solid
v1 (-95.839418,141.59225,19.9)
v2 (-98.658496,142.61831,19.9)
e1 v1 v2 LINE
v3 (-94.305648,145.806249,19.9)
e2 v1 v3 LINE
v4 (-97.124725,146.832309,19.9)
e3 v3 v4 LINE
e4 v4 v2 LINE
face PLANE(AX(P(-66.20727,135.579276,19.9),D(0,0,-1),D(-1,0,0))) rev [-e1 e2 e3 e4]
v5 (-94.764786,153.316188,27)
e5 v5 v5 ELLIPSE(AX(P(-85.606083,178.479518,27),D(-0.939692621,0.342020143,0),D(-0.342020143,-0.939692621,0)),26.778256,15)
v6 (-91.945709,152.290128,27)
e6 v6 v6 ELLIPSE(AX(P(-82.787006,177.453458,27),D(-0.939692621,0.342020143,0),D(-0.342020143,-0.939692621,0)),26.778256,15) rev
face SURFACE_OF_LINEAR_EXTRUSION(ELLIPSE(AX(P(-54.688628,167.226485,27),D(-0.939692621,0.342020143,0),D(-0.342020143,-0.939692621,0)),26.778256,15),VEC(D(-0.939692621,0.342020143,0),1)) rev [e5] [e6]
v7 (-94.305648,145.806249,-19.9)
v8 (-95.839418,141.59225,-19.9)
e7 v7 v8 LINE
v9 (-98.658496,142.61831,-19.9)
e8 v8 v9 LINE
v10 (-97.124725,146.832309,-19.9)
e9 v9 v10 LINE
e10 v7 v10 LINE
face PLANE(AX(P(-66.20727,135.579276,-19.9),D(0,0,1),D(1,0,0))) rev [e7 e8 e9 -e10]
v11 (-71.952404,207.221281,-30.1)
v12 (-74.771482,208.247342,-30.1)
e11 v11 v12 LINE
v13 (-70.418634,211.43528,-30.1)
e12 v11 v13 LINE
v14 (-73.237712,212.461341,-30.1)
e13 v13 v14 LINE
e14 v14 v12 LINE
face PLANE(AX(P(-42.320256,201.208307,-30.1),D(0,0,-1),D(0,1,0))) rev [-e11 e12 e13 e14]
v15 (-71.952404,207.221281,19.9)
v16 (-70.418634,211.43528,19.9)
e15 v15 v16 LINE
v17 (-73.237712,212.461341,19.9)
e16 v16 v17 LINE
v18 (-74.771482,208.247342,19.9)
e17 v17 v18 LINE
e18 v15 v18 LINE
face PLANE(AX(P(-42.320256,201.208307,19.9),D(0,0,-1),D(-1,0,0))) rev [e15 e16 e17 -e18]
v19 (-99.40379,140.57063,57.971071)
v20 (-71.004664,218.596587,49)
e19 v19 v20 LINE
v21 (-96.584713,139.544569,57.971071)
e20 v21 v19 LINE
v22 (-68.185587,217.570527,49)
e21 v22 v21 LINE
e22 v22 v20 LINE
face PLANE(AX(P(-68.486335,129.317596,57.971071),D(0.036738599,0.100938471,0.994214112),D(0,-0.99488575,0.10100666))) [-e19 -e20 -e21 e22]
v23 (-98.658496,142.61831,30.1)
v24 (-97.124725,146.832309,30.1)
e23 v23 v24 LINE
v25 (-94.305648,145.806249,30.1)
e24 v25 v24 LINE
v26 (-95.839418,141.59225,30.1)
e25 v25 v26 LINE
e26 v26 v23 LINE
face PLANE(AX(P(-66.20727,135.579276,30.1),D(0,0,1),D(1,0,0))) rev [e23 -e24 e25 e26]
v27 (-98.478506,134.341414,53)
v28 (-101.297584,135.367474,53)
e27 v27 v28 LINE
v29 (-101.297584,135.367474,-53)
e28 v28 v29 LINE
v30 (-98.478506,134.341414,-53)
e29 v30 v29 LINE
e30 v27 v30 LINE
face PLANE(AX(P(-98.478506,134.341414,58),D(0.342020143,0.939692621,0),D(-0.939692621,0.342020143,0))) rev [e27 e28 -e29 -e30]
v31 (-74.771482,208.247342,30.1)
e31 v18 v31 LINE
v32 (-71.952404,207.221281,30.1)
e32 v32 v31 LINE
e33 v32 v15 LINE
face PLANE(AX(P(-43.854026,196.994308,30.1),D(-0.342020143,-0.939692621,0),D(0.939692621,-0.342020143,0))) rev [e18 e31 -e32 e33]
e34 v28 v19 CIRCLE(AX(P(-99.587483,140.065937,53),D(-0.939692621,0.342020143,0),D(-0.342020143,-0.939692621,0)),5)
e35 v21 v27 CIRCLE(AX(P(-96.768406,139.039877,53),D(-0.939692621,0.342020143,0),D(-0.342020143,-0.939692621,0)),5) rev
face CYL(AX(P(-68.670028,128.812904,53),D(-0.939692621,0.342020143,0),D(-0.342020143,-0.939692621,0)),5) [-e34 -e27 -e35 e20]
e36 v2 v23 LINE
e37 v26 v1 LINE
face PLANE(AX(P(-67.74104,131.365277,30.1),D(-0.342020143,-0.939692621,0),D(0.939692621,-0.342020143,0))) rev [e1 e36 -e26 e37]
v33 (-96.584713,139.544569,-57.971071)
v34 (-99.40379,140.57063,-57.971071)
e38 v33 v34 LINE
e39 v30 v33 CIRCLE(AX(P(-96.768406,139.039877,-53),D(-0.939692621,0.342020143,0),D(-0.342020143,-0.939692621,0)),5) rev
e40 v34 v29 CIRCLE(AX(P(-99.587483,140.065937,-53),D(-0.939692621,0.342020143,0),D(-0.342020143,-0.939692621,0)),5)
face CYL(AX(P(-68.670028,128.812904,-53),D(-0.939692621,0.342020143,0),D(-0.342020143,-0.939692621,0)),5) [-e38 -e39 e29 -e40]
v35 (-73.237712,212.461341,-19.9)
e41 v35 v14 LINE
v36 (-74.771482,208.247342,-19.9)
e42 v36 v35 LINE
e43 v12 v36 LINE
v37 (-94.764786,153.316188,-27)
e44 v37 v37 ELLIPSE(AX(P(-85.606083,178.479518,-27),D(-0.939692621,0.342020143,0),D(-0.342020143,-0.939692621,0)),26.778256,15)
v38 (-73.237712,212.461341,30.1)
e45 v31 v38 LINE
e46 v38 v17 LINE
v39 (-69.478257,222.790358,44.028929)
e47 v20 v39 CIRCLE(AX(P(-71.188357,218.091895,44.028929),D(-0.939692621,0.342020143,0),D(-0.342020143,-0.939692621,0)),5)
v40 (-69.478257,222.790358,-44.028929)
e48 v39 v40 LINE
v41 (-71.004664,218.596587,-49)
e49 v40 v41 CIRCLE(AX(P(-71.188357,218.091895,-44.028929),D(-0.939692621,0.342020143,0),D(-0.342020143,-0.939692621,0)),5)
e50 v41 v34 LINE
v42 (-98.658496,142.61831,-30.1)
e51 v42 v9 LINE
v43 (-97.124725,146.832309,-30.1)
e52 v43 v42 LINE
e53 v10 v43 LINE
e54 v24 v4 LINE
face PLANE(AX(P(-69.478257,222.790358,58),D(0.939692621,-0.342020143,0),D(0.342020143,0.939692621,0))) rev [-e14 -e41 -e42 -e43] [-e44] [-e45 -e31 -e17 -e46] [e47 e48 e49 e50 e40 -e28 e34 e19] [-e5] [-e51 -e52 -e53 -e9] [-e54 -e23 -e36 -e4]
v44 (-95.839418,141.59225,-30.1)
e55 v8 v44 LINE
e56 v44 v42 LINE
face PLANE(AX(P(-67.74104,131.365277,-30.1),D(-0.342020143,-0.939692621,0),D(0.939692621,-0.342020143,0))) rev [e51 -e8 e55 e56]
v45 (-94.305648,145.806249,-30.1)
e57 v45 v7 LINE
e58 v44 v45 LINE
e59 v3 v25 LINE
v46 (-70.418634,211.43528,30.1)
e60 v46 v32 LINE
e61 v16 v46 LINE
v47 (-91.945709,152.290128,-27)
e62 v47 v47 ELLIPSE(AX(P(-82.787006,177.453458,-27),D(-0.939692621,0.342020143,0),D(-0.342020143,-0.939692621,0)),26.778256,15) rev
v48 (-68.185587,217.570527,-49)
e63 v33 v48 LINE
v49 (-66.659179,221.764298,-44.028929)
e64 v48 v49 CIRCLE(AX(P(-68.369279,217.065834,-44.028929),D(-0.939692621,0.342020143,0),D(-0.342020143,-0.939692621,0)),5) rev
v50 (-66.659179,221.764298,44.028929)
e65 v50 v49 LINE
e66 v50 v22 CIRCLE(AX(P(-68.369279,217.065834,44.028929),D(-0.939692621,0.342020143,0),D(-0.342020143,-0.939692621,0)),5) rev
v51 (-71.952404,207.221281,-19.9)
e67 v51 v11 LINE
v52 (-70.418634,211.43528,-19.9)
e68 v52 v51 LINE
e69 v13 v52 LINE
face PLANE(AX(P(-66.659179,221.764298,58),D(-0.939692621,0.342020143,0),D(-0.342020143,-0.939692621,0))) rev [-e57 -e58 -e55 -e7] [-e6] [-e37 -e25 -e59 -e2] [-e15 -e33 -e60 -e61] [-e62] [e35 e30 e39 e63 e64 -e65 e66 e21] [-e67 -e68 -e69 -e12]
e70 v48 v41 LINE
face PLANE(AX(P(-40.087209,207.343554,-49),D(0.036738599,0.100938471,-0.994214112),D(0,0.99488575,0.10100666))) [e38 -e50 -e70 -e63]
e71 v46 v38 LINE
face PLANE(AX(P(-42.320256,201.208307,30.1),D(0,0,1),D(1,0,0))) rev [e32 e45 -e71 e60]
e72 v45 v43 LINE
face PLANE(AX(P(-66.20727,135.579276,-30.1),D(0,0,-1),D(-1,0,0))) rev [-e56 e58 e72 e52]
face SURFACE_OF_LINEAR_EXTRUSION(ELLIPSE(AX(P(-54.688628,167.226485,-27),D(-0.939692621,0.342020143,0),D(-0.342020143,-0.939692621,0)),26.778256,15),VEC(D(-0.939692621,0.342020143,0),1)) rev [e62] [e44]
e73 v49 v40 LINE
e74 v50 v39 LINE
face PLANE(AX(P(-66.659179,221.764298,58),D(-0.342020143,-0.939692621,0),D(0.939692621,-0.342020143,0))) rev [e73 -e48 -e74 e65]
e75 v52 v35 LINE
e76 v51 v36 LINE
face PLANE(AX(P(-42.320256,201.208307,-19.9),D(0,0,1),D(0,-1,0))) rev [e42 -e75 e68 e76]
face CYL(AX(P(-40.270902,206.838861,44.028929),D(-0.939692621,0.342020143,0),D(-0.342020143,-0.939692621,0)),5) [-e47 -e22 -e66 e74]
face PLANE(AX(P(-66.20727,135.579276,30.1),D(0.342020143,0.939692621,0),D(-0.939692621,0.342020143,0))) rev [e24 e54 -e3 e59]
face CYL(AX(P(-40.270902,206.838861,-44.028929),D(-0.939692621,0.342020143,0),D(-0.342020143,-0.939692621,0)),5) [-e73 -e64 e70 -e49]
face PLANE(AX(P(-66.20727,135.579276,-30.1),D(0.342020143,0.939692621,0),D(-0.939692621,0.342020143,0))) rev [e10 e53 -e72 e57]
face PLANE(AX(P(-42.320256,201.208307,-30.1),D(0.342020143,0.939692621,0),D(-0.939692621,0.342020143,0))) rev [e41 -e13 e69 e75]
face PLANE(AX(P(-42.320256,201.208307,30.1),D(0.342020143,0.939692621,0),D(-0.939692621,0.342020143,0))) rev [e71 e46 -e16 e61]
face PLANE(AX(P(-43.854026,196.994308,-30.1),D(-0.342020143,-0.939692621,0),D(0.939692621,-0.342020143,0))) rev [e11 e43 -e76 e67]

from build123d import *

# Parameters (mm, degrees)
BOSS_EXTRUDE1_DEPTH        = 58
SKETCH2_OUTSIDE_W          = 147.986
SKETCH2_OUTSIDE_H          = 126.948
TAB_AND_SLOT_CONTOUR_DEPTH = 3
MOUNTING_TAB_SLOT_REACH    = 197.382
SKETCH4_W                  = 10.2
SKETCH4_H                  = 4.48444402
EYE_APERTURE_REACH         = 197.382
SKETCH3_RX                 = 26.778256145
SKETCH3_RY                 = 15


with BuildPart() as part:
    # Sketch1 → Boss-Extrude1 (new, symmetric)
    with BuildSketch(Plane.XY):
        Polygon((-66.659178779, 221.764297559), (-69.478256642, 222.790357989), (-101.297584098, 135.367474301), (-98.478506236, 134.341413871), align=None)
    extrude(amount=BOSS_EXTRUDE1_DEPTH, both=True)

    # Sketch2 outside → tab and slot contour (cut)
    with BuildSketch(Plane(origin=(-132.954285367, 48.391402392, 0), x_dir=(0, 0, 1), z_dir=(-0.9396926207859096, 0.34202014332566527, 0))):
        with Locations((0, 139.075)):
            Rectangle(SKETCH2_OUTSIDE_W, SKETCH2_OUTSIDE_H)
        with BuildLine():
            Line((57.97107056, 98.09508485), (49, 181.128574477))
            ThreePointArc((49, 181.128574477), (47.369183029, 184.312070804), (44.02892944, 185.59149209))
            Line((44.02892944, 185.59149209), (-44.02892944, 185.59149209))
            ThreePointArc((-44.02892944, 185.59149209), (-47.369183029, 184.312070804), (-49, 181.128574477))
            Line((-49, 181.128574477), (-57.97107056, 98.09508485))
            ThreePointArc((-57.97107056, 98.09508485), (-56.720578714, 94.217748875), (-53, 92.558002463))
            Line((-53, 92.558002463), (53, 92.558002463))
            ThreePointArc((53, 92.558002463), (56.720578714, 94.217748875), (57.97107056, 98.09508485))
        make_face(mode=Mode.SUBTRACT)
    extrude(amount=-TAB_AND_SLOT_CONTOUR_DEPTH, mode=Mode.SUBTRACT)

    # Sketch4 → mounting tab slot (cut, up to next)
    with BuildSketch(Plane(origin=(-132.954285367, 48.391402392, 0), x_dir=(0, 0, 1), z_dir=(-0.9396926207859096, 0.3420201433256655, 0)), mode=Mode.PRIVATE) as mounting_tab_slot_sk1:
        with Locations((-25, 172.357359377)):
            Rectangle(SKETCH4_W, SKETCH4_H)
    mounting_tab_slot_tool1 = extrude(mounting_tab_slot_sk1.sketch, amount=-MOUNTING_TAB_SLOT_REACH, mode=Mode.PRIVATE) & part.part
    # Sketch4 → mounting tab slot (cut, up to next)
    with BuildSketch(Plane(origin=(-132.954285367, 48.391402392, 0), x_dir=(0, 0, 1), z_dir=(-0.9396926207859096, 0.3420201433256655, 0)), mode=Mode.PRIVATE) as mounting_tab_slot_sk2:
        with Locations((-25, 102.516403068)):
            Rectangle(SKETCH4_W, SKETCH4_H)
    mounting_tab_slot_tool2 = extrude(mounting_tab_slot_sk2.sketch, amount=-MOUNTING_TAB_SLOT_REACH, mode=Mode.PRIVATE) & part.part
    # Sketch4 → mounting tab slot (cut, up to next)
    with BuildSketch(Plane(origin=(-132.954285367, 48.391402392, 0), x_dir=(0, 0, 1), z_dir=(-0.9396926207859096, 0.3420201433256655, 0)), mode=Mode.PRIVATE) as mounting_tab_slot_sk3:
        with Locations((25, 172.357359377)):
            Rectangle(SKETCH4_W, SKETCH4_H)
    mounting_tab_slot_tool3 = extrude(mounting_tab_slot_sk3.sketch, amount=-MOUNTING_TAB_SLOT_REACH, mode=Mode.PRIVATE) & part.part
    # Sketch4 → mounting tab slot (cut, up to next)
    with BuildSketch(Plane(origin=(-132.954285367, 48.391402392, 0), x_dir=(0, 0, 1), z_dir=(-0.9396926207859096, 0.3420201433256655, 0)), mode=Mode.PRIVATE) as mounting_tab_slot_sk4:
        with Locations((25, 102.516403068)):
            Rectangle(SKETCH4_W, SKETCH4_H)
    mounting_tab_slot_tool4 = extrude(mounting_tab_slot_sk4.sketch, amount=-MOUNTING_TAB_SLOT_REACH, mode=Mode.PRIVATE) & part.part
    add(mounting_tab_slot_tool1.solids().sort_by_distance((-74.004597, 210.354341, -25))[0], mode=Mode.SUBTRACT)
    add(mounting_tab_slot_tool2.solids().sort_by_distance((-97.89161, 144.72531, -25))[0], mode=Mode.SUBTRACT)
    add(mounting_tab_slot_tool3.solids().sort_by_distance((-74.004597, 210.354341, 25))[0], mode=Mode.SUBTRACT)
    add(mounting_tab_slot_tool4.solids().sort_by_distance((-97.89161, 144.72531, 25))[0], mode=Mode.SUBTRACT)

    # Sketch3 → eye aperture (cut, up to next)
    with BuildSketch(Plane(origin=(-132.954285367, 48.391402392, 0), x_dir=(0, 0, 1), z_dir=(-0.9396926207859096, 0.3420201433256652, 0)), mode=Mode.PRIVATE) as eye_aperture_sk1:
        with Locations(Location((-27, 138.436881223), (0, 0, -90))):
            Ellipse(SKETCH3_RX, SKETCH3_RY)
    eye_aperture_tool1 = extrude(eye_aperture_sk1.sketch, amount=-EYE_APERTURE_REACH, mode=Mode.PRIVATE) & part.part
    # Sketch3 → eye aperture (cut, up to next)
    with BuildSketch(Plane(origin=(-132.954285367, 48.391402392, 0), x_dir=(0, 0, 1), z_dir=(-0.9396926207859096, 0.3420201433256652, 0)), mode=Mode.PRIVATE) as eye_aperture_sk2:
        with Locations(Location((27, 138.436881223), (0, 0, -90))):
            Ellipse(SKETCH3_RX, SKETCH3_RY)
    eye_aperture_tool2 = extrude(eye_aperture_sk2.sketch, amount=-EYE_APERTURE_REACH, mode=Mode.PRIVATE) & part.part
    add(eye_aperture_tool1.solids().sort_by_distance((-85.606083, 178.479518, -27))[0], mode=Mode.SUBTRACT)
    add(eye_aperture_tool2.solids().sort_by_distance((-85.606083, 178.479518, 27))[0], mode=Mode.SUBTRACT)


solid = part.part
